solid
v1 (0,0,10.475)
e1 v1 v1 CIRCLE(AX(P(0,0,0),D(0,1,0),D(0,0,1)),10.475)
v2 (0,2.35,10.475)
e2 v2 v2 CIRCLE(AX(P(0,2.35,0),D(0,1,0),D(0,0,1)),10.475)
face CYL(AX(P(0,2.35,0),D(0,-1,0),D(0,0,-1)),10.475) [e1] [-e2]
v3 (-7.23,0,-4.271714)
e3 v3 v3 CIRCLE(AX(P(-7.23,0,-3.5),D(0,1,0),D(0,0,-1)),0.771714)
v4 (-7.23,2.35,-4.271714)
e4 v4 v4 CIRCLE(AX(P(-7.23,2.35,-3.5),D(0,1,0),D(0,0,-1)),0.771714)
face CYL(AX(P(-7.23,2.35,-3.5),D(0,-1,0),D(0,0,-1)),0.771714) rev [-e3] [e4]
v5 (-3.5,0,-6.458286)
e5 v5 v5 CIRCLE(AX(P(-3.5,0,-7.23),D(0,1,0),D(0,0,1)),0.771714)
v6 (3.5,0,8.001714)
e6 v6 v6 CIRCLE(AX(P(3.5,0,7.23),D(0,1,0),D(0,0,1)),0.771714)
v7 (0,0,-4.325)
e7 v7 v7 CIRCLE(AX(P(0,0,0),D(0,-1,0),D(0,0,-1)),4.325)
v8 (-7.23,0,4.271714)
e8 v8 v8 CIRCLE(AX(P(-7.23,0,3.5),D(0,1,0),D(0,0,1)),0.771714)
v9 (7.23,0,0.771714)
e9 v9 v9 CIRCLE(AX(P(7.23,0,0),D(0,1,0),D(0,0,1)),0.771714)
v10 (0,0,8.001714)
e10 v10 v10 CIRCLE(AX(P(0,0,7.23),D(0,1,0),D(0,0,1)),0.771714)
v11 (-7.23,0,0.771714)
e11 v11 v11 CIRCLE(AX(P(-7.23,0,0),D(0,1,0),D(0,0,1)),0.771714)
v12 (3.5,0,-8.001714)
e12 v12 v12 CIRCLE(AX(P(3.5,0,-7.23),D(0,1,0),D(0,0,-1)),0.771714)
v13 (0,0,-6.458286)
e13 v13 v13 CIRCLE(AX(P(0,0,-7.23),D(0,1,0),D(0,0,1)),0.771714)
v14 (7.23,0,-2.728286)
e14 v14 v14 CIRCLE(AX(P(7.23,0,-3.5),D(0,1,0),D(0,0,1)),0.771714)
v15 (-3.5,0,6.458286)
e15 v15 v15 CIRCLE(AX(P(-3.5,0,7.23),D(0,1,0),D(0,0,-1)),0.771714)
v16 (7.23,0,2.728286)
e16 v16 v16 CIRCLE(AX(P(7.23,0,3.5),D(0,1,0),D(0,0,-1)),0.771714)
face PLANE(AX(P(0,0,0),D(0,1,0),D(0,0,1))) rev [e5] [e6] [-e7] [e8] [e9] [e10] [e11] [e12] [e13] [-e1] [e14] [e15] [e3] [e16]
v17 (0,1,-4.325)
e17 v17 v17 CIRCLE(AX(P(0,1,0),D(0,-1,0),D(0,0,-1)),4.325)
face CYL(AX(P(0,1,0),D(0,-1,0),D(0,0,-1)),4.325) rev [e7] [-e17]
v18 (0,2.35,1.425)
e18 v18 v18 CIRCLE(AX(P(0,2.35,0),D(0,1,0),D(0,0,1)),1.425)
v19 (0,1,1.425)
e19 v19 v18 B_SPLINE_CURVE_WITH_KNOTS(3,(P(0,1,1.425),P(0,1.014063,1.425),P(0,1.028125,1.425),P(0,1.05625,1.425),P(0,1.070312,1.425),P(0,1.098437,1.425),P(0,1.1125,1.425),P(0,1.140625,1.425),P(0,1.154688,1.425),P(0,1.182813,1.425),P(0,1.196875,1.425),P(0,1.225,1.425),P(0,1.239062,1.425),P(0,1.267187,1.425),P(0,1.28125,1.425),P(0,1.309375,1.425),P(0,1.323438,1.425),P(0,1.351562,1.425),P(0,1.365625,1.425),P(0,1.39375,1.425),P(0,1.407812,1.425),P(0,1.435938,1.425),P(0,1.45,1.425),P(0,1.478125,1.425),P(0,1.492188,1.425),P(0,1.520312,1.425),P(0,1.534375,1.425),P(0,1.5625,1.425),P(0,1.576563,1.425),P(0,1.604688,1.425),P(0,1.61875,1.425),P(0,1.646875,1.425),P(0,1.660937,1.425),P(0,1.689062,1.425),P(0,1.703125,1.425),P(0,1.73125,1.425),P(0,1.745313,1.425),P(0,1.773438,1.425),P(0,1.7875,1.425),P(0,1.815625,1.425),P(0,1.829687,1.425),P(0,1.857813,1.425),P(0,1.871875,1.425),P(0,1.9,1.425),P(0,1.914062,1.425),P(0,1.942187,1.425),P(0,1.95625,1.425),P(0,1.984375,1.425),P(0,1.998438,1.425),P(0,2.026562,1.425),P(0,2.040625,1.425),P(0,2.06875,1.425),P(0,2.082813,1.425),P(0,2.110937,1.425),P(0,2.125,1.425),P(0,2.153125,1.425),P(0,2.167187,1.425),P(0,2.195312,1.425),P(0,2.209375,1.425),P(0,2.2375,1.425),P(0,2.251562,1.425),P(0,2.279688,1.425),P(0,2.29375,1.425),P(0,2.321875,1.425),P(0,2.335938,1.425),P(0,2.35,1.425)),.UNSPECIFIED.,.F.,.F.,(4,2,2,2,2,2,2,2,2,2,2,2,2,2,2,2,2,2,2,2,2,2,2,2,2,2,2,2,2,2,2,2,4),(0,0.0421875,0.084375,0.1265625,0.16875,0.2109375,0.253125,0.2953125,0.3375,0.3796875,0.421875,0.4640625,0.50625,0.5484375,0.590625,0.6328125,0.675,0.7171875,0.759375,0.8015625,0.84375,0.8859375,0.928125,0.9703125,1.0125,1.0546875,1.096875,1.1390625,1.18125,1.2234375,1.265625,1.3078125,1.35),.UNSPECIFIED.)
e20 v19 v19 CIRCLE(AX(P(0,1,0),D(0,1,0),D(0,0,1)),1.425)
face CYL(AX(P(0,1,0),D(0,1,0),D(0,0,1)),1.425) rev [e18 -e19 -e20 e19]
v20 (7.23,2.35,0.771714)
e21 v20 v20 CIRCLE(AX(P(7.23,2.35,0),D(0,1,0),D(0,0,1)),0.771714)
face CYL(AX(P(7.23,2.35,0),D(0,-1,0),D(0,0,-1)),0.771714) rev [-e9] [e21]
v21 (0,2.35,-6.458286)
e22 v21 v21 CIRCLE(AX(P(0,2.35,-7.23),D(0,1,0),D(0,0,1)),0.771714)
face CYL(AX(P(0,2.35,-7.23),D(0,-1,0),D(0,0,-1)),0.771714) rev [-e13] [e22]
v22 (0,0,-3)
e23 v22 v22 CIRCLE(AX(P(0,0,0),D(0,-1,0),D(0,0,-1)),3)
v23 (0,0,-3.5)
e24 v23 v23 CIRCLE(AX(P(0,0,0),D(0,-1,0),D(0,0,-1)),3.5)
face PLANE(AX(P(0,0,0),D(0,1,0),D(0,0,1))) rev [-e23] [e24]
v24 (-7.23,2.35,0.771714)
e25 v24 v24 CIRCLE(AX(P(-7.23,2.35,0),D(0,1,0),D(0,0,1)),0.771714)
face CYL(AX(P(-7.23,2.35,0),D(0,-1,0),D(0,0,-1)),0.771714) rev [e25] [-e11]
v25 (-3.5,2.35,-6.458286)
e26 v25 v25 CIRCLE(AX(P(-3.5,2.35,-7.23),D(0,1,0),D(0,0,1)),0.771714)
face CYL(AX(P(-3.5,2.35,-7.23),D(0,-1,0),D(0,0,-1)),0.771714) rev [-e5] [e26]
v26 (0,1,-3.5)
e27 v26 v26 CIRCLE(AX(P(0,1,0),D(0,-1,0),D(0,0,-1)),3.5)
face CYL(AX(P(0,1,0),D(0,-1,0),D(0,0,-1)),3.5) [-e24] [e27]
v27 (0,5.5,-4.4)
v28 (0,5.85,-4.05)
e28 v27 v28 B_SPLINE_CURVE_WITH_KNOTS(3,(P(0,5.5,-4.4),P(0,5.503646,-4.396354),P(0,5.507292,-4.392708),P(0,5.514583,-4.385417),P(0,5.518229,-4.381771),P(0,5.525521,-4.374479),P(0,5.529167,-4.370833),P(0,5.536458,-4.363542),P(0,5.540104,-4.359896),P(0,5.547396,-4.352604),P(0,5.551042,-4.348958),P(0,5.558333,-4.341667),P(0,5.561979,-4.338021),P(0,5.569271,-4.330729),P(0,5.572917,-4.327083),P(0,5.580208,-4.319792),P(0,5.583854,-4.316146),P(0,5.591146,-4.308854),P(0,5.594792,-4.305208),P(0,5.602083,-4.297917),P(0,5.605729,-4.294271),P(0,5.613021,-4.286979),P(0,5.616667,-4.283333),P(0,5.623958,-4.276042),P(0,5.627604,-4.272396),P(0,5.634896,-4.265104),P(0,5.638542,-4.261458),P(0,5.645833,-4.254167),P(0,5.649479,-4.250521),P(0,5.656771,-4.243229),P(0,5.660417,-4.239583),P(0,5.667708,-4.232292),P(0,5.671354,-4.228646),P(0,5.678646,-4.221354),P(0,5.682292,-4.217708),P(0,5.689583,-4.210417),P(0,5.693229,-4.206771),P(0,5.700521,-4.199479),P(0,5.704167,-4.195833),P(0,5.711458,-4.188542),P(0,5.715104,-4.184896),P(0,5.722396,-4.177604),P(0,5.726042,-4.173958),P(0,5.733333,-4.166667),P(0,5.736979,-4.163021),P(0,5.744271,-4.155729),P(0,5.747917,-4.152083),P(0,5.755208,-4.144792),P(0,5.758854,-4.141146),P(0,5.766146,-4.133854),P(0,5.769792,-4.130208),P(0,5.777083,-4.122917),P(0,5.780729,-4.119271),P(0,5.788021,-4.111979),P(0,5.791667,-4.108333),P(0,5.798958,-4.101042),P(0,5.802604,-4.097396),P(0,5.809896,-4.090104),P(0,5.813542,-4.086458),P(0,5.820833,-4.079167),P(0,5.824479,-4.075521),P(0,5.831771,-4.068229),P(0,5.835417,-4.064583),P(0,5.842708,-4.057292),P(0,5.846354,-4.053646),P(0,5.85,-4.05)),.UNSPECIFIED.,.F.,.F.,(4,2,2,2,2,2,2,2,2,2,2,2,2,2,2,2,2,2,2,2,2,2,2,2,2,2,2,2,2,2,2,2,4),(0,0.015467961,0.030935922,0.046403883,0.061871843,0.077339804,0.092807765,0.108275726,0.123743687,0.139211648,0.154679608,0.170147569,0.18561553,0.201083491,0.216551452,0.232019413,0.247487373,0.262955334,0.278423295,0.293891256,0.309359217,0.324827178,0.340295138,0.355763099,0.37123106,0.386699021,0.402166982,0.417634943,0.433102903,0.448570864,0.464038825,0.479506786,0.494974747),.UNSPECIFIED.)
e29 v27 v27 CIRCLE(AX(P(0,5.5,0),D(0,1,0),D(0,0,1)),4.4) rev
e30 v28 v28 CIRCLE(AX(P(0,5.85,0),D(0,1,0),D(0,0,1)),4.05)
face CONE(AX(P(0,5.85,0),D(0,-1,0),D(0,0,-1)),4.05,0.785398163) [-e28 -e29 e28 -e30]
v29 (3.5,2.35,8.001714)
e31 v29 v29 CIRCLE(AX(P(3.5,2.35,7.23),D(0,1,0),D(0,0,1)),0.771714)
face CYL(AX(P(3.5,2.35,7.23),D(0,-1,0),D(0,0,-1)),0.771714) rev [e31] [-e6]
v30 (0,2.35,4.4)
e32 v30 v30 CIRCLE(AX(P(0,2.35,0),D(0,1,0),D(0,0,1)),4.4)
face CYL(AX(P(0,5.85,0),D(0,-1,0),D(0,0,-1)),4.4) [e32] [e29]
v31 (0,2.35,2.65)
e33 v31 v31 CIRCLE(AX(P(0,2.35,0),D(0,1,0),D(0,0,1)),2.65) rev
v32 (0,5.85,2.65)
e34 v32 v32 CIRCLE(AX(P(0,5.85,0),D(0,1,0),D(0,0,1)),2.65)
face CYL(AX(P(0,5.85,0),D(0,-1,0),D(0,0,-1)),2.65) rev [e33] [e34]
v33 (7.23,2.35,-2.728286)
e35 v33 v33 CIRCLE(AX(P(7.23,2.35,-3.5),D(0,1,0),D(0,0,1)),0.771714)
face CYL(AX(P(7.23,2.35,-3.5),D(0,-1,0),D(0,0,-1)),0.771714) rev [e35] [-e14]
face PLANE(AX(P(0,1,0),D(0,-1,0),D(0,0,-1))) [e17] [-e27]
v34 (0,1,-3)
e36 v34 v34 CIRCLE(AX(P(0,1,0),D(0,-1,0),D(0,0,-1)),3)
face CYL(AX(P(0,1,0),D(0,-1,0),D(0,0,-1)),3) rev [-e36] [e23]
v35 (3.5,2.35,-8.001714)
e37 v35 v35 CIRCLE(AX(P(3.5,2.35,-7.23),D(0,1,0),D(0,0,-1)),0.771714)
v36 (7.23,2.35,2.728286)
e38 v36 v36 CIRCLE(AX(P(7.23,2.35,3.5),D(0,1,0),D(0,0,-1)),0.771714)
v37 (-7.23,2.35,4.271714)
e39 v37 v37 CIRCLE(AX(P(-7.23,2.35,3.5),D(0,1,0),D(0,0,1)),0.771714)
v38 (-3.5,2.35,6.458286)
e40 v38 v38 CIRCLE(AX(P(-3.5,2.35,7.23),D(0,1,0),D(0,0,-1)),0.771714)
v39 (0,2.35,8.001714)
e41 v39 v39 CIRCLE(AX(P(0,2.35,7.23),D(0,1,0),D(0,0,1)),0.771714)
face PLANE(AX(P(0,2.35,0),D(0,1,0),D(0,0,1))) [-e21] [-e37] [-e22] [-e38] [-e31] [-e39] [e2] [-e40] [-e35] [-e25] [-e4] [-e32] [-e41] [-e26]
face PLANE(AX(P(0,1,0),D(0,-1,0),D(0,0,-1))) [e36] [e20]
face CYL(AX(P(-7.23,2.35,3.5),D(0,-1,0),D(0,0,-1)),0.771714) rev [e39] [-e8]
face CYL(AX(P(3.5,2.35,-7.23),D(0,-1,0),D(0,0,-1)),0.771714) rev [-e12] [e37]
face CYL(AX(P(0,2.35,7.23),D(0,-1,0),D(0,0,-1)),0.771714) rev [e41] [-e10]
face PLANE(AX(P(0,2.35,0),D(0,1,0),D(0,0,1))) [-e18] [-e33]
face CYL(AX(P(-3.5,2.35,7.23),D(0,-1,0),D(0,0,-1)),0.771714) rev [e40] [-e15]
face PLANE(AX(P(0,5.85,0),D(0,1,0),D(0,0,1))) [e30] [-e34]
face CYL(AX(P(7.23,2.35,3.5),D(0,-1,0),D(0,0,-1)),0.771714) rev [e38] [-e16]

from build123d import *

# Parameters (mm, degrees)
SKETCH_2_R          = 10.475
SKETCH_2_R_2        = 4.4
SKETCH_2_R_3        = 0.771713969
EXTRUDE_1_DEPTH     = 2.35
SKETCH_3_R          = 4.4
SKETCH_3_R_2        = 2.65
EXTRUDE_2_DEPTH     = 3.5
CHAMFER_1_SIZE      = 0.35
SKETCH_4_R          = 4.4
EXTRUDE_3_DEPTH     = 2.35
SKETCH_5_R          = 3
CUT_EXTRUDE_1_DEPTH = 1
SKETCH_6_R          = 1.425
CUT_EXTRUDE_2_DEPTH = 1.35
SKETCH_7_R          = 4.325
SKETCH_7_R_2        = 3.5
CUT_EXTRUDE_3_DEPTH = 1


with BuildPart() as part:
    # 草图2 → 凸台-拉伸1 (new body)
    with BuildSketch(Plane(origin=(0, 0, 0), x_dir=(1, 0, 0), z_dir=(0, 1, 0))):
        with Locations(Location((0, 0, 0), (0, 0, 270))):
            Circle(SKETCH_2_R)
        with Locations(Location((0, 0, 0), (0, 0, 270))):
            Circle(SKETCH_2_R_2, mode=Mode.SUBTRACT)
        with Locations(Location((0, 7.23, 0), (0, 0, 270))):
            Circle(SKETCH_2_R_3, mode=Mode.SUBTRACT)
        with Locations(Location((-3.5, 7.23, 0), (0, 0, 270))):
            Circle(SKETCH_2_R_3, mode=Mode.SUBTRACT)
        with Locations(Location((3.5, 7.23, 0), (0, 0, 90))):
            Circle(SKETCH_2_R_3, mode=Mode.SUBTRACT)
        with Locations(Location((7.23, 3.5, 0), (0, 0, 270))):
            Circle(SKETCH_2_R_3, mode=Mode.SUBTRACT)
        with Locations(Location((7.23, 0, 0), (0, 0, 270))):
            Circle(SKETCH_2_R_3, mode=Mode.SUBTRACT)
        with Locations(Location((7.23, -3.5, 0), (0, 0, 90))):
            Circle(SKETCH_2_R_3, mode=Mode.SUBTRACT)
        with Locations(Location((3.5, -7.23, 0), (0, 0, 270))):
            Circle(SKETCH_2_R_3, mode=Mode.SUBTRACT)
        with Locations(Location((0, -7.23, 0), (0, 0, 270))):
            Circle(SKETCH_2_R_3, mode=Mode.SUBTRACT)
        with Locations(Location((-3.5, -7.23, 0), (0, 0, 90))):
            Circle(SKETCH_2_R_3, mode=Mode.SUBTRACT)
        with Locations(Location((-7.23, -3.5, 0), (0, 0, 270))):
            Circle(SKETCH_2_R_3, mode=Mode.SUBTRACT)
        with Locations(Location((-7.23, 0, 0), (0, 0, 270))):
            Circle(SKETCH_2_R_3, mode=Mode.SUBTRACT)
        with Locations(Location((-7.23, 3.5, 0), (0, 0, 90))):
            Circle(SKETCH_2_R_3, mode=Mode.SUBTRACT)
    extrude(amount=EXTRUDE_1_DEPTH)



with BuildPart() as body_2:
    # 草图3 → 凸台-拉伸2 (new body)
    with BuildSketch(Plane(origin=(0, 2.35, 0), x_dir=(1, 0, 0), z_dir=(0, 1, 0))):
        with Locations(Location((0, 0, 0), (0, 0, 270))):
            Circle(SKETCH_3_R)
        with Locations(Location((0, 0, 0), (0, 0, 270))):
            Circle(SKETCH_3_R_2, mode=Mode.SUBTRACT)
    extrude(amount=EXTRUDE_2_DEPTH)

    # 倒角1
    chamfer_1_edges = [body_2.edges().sort_by_distance(p)[0] for p in [
        (0, 5.85, -4.4),
    ]]
    chamfer(chamfer_1_edges, length=CHAMFER_1_SIZE)


with BuildPart() as part_1:
    add(part.part)

    add(body_2.part)  # 凸台-拉伸3 merges body 2
    # 草图4 → 凸台-拉伸3 (add)
    with BuildSketch(Plane.XZ):
        with Locations(Location((0, 0, 0), (0, 0, 270))):
            Circle(SKETCH_4_R)
    extrude(amount=-EXTRUDE_3_DEPTH)

    # 草图5 → 切除-拉伸1 (cut)
    with BuildSketch(Plane.XZ):
        with Locations(Location((0, 0, 0), (0, 0, 270))):
            Circle(SKETCH_5_R)
    extrude(amount=-CUT_EXTRUDE_1_DEPTH, mode=Mode.SUBTRACT)

    # 草图6 → 切除-拉伸2 (cut)
    with BuildSketch(Plane(origin=(0, 2.35, 0), x_dir=(1, 0, 0), z_dir=(0, 1, 0))):
        with Locations(Location((0, 0, 0), (0, 0, 270))):
            Circle(SKETCH_6_R)
    extrude(amount=-CUT_EXTRUDE_2_DEPTH, mode=Mode.SUBTRACT)

    # 草图7 → 切除-拉伸3 (cut)
    with BuildSketch(Plane.XZ):
        with Locations(Location((0, 0, 0), (0, 0, 270))):
            Circle(SKETCH_7_R)
        with Locations(Location((0, 0, 0), (0, 0, 270))):
            Circle(SKETCH_7_R_2, mode=Mode.SUBTRACT)
    extrude(amount=-CUT_EXTRUDE_3_DEPTH, mode=Mode.SUBTRACT)


solid = part_1.part
